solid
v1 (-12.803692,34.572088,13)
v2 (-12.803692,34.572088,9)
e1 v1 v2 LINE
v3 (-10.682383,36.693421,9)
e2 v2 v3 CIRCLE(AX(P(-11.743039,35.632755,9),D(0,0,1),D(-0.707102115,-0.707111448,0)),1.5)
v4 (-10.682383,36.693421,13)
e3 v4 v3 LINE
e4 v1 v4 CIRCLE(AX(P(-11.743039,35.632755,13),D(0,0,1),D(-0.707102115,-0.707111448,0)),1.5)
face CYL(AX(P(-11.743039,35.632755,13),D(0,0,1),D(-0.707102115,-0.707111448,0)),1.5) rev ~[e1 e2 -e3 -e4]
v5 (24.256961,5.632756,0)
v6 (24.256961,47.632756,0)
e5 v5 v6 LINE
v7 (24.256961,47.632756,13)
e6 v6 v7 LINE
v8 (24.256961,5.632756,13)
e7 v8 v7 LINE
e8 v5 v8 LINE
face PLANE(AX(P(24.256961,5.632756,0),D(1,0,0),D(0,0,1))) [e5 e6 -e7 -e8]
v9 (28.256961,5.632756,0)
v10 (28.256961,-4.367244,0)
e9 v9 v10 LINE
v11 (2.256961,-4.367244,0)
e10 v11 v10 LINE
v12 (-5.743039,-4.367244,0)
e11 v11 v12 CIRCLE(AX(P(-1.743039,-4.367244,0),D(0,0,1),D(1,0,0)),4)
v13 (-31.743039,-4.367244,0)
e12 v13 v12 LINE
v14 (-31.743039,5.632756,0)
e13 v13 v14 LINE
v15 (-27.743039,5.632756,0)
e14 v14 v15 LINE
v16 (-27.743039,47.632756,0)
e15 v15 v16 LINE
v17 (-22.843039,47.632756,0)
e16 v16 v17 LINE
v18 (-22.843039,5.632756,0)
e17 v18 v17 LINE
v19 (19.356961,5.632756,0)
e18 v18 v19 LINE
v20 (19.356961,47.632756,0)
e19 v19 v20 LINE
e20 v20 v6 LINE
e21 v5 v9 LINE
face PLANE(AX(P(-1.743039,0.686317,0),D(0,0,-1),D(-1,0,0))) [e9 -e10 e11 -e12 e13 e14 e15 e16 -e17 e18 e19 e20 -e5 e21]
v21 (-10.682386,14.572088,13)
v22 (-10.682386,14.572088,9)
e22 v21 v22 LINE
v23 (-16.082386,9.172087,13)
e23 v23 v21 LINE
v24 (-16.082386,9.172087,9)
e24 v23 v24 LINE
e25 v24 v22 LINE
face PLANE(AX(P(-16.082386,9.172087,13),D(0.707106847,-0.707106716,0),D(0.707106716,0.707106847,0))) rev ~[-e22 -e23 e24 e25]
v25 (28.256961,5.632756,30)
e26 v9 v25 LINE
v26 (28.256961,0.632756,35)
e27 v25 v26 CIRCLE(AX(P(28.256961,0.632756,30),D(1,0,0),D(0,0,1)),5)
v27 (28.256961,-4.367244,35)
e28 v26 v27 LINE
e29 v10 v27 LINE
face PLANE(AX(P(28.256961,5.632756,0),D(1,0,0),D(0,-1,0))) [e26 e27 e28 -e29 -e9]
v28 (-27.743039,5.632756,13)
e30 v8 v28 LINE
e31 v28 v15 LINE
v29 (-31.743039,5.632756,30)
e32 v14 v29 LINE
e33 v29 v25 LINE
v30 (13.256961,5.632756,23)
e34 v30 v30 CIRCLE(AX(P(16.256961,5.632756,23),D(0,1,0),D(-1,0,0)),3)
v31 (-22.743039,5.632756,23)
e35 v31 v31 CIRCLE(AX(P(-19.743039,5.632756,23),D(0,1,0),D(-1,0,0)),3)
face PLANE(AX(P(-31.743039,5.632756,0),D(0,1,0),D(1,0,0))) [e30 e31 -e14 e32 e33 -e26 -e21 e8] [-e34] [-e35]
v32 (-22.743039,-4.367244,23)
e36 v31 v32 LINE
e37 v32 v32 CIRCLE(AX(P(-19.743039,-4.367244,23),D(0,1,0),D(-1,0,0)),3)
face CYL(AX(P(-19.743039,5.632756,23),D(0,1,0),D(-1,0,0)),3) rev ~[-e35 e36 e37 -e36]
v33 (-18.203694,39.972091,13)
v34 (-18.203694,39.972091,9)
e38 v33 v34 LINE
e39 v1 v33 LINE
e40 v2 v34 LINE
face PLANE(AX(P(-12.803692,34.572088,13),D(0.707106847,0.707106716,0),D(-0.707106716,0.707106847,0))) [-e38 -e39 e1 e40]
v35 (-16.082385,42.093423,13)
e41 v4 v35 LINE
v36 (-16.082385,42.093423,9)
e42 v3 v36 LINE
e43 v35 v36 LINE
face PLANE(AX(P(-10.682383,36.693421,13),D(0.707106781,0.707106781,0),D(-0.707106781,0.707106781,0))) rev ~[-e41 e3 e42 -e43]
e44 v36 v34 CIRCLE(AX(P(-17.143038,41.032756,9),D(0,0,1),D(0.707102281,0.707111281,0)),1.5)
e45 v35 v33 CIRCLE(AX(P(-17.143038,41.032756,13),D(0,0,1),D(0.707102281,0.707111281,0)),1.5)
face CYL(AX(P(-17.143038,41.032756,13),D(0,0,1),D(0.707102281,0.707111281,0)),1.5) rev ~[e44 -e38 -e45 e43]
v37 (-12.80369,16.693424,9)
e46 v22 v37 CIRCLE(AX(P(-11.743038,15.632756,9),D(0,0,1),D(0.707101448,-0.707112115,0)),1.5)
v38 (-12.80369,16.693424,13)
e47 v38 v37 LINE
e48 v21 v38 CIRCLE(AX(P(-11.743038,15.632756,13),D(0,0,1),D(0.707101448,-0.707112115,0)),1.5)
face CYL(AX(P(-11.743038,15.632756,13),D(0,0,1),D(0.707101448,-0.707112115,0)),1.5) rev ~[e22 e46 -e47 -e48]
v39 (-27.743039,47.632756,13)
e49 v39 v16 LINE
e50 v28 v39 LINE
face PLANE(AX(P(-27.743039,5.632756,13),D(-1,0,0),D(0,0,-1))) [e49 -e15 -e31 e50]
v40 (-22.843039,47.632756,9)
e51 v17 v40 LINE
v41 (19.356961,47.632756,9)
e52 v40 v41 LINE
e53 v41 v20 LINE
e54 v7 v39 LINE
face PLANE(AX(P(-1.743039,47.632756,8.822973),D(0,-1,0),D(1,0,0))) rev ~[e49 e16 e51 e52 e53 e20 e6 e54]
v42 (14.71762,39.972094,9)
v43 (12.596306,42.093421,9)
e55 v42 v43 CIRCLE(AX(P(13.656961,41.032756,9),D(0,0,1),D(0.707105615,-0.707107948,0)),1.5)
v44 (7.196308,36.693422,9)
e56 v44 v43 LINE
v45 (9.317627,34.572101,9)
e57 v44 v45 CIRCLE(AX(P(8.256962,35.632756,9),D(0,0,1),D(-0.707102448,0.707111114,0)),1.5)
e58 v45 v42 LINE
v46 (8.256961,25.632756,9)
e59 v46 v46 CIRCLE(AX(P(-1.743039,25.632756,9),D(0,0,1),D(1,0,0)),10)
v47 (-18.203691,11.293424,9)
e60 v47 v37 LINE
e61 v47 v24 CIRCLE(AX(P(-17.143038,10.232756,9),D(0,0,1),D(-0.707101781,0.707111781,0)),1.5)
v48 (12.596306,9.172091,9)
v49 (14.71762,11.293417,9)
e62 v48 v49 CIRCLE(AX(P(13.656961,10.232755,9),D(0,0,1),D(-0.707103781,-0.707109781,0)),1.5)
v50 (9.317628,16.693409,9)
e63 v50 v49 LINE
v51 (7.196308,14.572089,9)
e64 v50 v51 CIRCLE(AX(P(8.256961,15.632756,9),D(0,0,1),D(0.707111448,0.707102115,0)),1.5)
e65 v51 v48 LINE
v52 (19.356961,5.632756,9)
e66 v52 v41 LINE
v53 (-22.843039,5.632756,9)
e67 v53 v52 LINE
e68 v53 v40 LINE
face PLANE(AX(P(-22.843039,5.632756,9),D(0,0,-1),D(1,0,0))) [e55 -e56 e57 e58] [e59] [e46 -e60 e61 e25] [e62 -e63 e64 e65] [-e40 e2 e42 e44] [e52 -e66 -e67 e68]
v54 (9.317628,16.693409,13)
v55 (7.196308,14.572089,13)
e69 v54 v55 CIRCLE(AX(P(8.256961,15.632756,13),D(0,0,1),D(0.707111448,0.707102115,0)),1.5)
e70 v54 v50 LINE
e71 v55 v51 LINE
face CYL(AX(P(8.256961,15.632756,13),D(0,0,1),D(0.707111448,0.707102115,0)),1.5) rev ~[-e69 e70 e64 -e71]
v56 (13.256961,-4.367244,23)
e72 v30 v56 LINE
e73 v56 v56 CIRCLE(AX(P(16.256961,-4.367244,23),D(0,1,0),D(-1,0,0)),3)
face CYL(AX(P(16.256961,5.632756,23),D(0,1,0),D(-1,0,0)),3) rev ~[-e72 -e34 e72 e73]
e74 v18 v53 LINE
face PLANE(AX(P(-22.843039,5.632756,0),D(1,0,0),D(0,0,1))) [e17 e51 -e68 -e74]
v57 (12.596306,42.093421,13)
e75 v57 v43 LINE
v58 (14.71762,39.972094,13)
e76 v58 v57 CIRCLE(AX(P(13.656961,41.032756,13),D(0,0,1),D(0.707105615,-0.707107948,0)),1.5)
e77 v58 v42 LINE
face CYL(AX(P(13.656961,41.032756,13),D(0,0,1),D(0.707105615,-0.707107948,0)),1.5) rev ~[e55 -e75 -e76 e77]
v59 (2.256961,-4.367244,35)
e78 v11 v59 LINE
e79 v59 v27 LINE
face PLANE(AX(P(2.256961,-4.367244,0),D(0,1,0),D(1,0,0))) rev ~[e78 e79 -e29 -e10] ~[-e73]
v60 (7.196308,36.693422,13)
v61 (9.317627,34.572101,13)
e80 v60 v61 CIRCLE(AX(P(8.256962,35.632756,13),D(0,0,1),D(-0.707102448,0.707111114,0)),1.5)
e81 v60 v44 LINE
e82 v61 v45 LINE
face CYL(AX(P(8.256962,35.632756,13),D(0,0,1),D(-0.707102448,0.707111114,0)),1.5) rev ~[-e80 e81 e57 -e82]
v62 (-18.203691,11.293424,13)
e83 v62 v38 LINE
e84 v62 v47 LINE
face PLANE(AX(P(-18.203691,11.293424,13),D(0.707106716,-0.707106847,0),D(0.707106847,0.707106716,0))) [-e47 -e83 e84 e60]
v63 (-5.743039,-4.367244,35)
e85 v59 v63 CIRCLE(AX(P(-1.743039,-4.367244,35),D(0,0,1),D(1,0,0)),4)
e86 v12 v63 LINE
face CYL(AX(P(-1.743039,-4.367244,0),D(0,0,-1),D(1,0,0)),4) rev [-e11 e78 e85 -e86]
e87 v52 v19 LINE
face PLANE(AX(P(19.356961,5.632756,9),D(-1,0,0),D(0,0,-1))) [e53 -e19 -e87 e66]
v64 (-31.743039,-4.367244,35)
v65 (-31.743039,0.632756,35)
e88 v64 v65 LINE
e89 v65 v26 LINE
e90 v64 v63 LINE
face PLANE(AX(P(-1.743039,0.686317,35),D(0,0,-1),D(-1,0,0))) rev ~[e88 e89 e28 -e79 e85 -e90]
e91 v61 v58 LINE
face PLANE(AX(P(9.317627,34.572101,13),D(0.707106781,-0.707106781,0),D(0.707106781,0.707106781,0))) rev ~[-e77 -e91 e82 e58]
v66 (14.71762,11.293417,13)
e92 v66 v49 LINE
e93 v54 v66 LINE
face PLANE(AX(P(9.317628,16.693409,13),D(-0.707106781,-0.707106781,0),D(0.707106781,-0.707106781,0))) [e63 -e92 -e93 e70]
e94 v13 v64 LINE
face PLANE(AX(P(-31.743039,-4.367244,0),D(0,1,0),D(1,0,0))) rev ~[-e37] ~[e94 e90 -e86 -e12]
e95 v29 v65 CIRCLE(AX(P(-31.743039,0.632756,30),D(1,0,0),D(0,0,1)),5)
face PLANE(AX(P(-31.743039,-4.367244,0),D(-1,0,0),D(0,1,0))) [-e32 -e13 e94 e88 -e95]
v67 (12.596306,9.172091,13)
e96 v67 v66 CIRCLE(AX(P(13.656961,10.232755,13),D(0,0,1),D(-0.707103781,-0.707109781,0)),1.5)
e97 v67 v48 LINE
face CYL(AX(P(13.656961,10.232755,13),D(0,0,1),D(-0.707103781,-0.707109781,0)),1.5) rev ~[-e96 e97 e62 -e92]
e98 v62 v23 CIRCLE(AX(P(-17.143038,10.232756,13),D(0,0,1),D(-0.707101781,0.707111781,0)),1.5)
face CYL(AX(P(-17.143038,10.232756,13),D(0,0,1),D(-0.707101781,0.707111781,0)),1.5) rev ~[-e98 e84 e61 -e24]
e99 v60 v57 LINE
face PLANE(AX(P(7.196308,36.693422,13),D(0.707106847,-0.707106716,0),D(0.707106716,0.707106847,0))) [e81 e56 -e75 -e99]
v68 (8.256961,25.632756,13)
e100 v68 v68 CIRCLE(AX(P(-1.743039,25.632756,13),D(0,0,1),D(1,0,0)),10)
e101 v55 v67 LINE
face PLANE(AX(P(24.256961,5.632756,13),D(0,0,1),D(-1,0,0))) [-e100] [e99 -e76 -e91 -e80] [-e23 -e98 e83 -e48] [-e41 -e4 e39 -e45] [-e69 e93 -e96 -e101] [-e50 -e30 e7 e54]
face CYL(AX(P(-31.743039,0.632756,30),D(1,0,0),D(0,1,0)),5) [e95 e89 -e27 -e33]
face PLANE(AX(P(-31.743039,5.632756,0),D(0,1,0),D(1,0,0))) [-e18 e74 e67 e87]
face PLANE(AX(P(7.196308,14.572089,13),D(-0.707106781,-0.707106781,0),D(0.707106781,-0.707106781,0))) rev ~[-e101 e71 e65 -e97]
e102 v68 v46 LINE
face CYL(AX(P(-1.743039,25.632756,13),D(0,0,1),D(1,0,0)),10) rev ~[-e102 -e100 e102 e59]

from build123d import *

# Parameters (mm, degrees)
SKETCH003_R  = 10
PAD003_DEPTH = 4
SKETCH001_R  = 3
PAD002_DEPTH = 10
PAD001_DEPTH = 35
PAD_DEPTH    = 42
FILLET_R     = 5


with BuildPart() as motormount:
    # Sketch003 → Pad003 (new body)
    with BuildSketch(Plane.XY.offset(13)):
        with Locations((-1.743039, 25.632756)):
            Circle(SKETCH003_R)
        with BuildLine():
            ThreePointArc((14.71762, 39.972094), (14.717625, 42.093413), (12.596306, 42.093421))
            Line((7.196308, 36.693422), (12.596306, 42.093421))
            ThreePointArc((7.196308, 36.693422), (7.196301, 34.572096), (9.317627, 34.572101))
            Line((9.317627, 34.572101), (14.71762, 39.972094))
        make_face()
        with BuildLine():
            ThreePointArc((12.596306, 9.172091), (14.717625, 9.172099), (14.71762, 11.293417))
            Line((9.317628, 16.693409), (14.71762, 11.293417))
            ThreePointArc((9.317628, 16.693409), (7.196301, 16.693416), (7.196308, 14.572089))
            Line((7.196308, 14.572089), (12.596306, 9.172091))
        make_face()
        with BuildLine():
            ThreePointArc((-16.082385, 42.093423), (-18.203705, 42.09341), (-18.203694, 39.972091))
            Line((-12.803692, 34.572088), (-18.203694, 39.972091))
            ThreePointArc((-12.803692, 34.572088), (-10.682372, 34.572101), (-10.682383, 36.693421))
            Line((-10.682383, 36.693421), (-16.082385, 42.093423))
        make_face()
        with BuildLine():
            ThreePointArc((-18.203691, 11.293424), (-18.203707, 9.172104), (-16.082386, 9.172087))
            Line((-16.082386, 9.172087), (-10.682386, 14.572088))
            ThreePointArc((-10.682386, 14.572088), (-10.68237, 16.693408), (-12.80369, 16.693424))
            Line((-18.203691, 11.293424), (-12.80369, 16.693424))
        make_face()
    extrude(amount=-PAD003_DEPTH)


with BuildPart() as cutblock:
    # Sketch001 → Pad002 (new body)
    with BuildSketch(Plane(origin=(0, 5.632756, 0), x_dir=(-1, 0, 0), z_dir=(0, 1, 0))):
        with Locations((-16.256961, 23)):
            Circle(SKETCH001_R)
        with Locations((19.743039, 23)):
            Circle(SKETCH001_R)
    extrude(amount=-PAD002_DEPTH)

    # Fusion001: union MotorMount
    add(motormount.part)


with BuildPart() as base:
    # Sketch → Pad001 (new body)
    with BuildSketch(Plane.XY):
        with BuildLine():
            Line((-31.743039, 5.632756), (28.256961, 5.632756))
            Line((28.256961, 5.632756), (28.256961, -4.367244))
            Line((2.256961, -4.367244), (28.256961, -4.367244))
            ThreePointArc((2.256961, -4.367244), (-1.743039, -0.367244), (-5.743039, -4.367244))
            Line((-31.743039, -4.367244), (-5.743039, -4.367244))
            Line((-31.743039, -4.367244), (-31.743039, 5.632756))
        make_face()
    extrude(amount=PAD001_DEPTH)


with BuildPart() as fillet_body:
    # Sketch002 → Pad (new body)
    with BuildSketch(Plane(origin=(0, 5.632756, 0), x_dir=(-1, 0, 0), z_dir=(0, 1, 0))):
        Polygon((-24.256961, 13), (27.743039, 13), (27.743039, 0), (22.843039, 0), (22.843039, 9), (-19.356961, 9), (-19.356961, 0), (-24.256961, 0), align=None)
    extrude(amount=PAD_DEPTH)

    # Fusion: union Base
    add(base.part)

    # Cut: cut CutBlock
    add(cutblock.part, mode=Mode.SUBTRACT)

    # Fillet
    fillet_edges = [fillet_body.edges().sort_by_distance(p)[0] for p in [
        (-1.743039, 5.632756, 35),
    ]]
    fillet(fillet_edges, radius=FILLET_R)


solid = fillet_body.part
